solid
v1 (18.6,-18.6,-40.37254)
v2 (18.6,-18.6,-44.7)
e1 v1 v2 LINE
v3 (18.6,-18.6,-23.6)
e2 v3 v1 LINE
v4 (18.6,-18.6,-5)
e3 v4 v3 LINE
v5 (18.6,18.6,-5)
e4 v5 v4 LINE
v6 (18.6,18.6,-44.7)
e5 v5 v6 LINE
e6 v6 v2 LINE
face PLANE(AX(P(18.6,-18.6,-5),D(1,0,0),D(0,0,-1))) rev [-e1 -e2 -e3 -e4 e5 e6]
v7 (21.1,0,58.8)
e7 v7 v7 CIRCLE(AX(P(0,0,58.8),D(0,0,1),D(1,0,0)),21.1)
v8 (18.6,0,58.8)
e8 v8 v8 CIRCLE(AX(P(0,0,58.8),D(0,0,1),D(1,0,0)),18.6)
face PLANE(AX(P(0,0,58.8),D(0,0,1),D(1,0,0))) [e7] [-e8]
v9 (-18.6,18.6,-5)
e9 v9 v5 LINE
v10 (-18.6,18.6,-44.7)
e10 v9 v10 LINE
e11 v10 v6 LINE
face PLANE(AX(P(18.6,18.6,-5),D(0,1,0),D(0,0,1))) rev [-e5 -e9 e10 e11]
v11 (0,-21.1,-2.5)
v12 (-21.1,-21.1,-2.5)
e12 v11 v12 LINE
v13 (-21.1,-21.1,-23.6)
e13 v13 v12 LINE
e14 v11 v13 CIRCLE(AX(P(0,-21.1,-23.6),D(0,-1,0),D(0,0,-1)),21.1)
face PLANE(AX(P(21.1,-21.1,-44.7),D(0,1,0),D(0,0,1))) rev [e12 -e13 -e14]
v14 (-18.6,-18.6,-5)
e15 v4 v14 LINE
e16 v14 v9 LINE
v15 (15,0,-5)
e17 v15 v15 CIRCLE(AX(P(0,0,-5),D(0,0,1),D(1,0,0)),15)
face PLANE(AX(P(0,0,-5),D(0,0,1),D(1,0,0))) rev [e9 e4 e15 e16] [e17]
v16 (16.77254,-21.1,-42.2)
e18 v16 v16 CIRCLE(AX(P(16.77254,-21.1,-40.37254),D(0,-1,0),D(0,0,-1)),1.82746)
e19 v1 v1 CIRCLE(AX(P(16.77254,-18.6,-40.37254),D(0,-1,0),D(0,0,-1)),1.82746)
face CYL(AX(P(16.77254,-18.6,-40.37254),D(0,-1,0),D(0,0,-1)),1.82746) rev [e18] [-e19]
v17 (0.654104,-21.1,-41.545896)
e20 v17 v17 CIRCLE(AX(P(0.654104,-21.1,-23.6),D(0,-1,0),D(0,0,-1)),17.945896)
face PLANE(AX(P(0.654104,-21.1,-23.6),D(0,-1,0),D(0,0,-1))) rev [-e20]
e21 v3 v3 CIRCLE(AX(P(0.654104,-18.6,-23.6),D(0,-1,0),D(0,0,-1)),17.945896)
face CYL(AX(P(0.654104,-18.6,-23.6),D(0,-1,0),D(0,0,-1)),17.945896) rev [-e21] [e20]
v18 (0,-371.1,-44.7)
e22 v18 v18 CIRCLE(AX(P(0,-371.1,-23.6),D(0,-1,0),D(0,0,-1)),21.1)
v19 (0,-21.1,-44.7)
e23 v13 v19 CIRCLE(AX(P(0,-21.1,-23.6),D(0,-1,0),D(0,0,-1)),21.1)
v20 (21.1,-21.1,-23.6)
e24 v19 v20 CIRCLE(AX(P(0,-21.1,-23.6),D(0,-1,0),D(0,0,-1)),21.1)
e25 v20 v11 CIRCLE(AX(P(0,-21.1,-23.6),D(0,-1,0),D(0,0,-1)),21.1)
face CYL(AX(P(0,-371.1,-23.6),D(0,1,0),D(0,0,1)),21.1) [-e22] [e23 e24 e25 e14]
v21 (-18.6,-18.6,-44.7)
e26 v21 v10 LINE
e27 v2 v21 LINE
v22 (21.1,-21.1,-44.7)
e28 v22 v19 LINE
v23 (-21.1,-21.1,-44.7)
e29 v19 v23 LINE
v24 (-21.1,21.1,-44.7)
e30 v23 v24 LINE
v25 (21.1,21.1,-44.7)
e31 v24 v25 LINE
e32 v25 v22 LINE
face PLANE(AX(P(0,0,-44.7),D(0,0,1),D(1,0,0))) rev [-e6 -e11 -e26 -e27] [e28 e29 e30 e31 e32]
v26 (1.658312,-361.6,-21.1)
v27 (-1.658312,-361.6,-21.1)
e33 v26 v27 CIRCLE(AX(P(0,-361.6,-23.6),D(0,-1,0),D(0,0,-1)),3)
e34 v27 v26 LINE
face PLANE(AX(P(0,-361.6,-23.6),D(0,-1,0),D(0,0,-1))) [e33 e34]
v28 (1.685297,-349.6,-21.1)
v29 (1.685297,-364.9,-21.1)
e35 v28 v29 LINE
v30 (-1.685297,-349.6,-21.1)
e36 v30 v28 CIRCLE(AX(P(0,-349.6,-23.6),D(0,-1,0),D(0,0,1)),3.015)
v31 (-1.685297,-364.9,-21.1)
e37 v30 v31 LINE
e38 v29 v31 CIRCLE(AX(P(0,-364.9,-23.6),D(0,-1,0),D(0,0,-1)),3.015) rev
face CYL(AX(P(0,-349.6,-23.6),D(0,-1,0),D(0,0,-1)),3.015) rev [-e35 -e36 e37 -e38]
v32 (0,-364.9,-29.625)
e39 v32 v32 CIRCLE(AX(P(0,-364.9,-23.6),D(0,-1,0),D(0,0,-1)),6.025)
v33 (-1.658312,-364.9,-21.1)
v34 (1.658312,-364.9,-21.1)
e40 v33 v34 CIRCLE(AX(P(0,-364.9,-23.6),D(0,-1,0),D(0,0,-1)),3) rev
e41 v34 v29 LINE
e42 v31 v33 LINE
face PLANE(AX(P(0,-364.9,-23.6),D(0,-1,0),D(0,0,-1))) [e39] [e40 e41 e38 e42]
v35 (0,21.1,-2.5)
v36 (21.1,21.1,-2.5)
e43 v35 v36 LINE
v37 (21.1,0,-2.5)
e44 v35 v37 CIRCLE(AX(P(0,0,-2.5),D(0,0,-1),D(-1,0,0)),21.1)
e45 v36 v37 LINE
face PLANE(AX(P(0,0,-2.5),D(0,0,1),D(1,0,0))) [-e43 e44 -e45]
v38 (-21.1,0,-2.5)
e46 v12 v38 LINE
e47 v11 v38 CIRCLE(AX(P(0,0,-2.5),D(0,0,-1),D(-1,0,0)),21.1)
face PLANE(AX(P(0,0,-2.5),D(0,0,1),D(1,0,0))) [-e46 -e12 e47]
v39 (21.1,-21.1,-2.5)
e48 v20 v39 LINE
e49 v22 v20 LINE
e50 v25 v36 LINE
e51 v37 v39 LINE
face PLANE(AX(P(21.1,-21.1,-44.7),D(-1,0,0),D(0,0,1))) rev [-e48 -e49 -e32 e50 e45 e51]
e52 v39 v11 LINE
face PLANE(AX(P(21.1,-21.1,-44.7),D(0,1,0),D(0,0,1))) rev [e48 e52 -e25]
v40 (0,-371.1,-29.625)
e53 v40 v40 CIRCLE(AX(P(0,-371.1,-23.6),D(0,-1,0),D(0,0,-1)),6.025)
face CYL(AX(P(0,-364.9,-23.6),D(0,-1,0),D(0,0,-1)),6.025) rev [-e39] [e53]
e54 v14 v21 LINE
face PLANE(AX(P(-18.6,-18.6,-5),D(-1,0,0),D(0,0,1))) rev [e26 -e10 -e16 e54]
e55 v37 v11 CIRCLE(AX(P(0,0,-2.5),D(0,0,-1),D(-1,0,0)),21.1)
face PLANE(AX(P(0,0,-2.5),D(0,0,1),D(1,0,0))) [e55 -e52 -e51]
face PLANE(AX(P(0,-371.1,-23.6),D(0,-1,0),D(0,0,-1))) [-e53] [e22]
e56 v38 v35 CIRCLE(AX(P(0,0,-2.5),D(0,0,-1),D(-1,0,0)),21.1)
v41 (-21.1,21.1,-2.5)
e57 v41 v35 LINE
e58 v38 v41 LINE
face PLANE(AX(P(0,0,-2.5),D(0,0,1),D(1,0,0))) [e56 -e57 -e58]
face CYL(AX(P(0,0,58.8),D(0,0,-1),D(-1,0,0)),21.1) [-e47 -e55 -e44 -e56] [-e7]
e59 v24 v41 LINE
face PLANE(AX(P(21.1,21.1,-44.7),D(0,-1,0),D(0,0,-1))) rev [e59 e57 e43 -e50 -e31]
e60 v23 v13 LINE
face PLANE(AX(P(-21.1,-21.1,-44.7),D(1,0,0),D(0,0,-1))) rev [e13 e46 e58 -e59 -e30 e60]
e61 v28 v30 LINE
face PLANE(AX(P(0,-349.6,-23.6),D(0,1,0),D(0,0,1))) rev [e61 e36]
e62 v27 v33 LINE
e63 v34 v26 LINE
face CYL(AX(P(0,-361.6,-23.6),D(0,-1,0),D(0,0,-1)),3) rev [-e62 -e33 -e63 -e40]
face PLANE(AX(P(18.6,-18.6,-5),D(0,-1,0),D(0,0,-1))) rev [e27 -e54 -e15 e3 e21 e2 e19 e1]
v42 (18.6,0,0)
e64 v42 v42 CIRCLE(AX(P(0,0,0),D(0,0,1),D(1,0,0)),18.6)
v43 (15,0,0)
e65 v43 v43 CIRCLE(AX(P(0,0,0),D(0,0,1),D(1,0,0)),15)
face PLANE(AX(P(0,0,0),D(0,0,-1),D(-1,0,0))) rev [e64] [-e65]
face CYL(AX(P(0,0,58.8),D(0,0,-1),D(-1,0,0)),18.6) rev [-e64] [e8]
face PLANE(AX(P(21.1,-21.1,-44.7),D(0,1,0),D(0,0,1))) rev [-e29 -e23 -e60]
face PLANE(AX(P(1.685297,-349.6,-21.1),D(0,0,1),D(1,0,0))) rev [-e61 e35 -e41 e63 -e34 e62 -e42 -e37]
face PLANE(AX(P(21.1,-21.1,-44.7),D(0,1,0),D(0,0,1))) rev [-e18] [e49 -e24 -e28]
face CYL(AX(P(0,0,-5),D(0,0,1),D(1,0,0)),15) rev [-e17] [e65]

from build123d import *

# Parameters (mm, degrees)
SKETCH1_R           = 21.1
SKETCH1_R_2         = 18.6
BOSS_EXTRUDE4_DEPTH = 58.8
SKETCH4_R           = 21.1
BOSS_EXTRUDE5_DEPTH = 2.5
SKETCH12_W          = 42.2
SKETCH12_H          = 42.2
BOSS_EXTRUDE6_DEPTH = 42.2
SKETCH13_R          = 21.1
BOSS_EXTRUDE7_DEPTH = 350
CUT_EXTRUDE1_DEPTH  = 21.5
SKETCH15_R          = 3
CUT_EXTRUDE2_DEPTH  = 9.5
SKETCH16_R          = 6.025
CUT_EXTRUDE3_DEPTH  = 6.2
SKETCH17_W          = 37.2
SKETCH17_H          = 37.2
CUT_EXTRUDE4_DEPTH  = 39.7
SKETCH18_R          = 15
CUT_EXTRUDE5_DEPTH  = 5
SKETCH19_R          = 1.827460326
CUT_EXTRUDE6_DEPTH  = 2.5
SKETCH23_R          = 17.945895708
CUT_EXTRUDE7_DEPTH  = 2.5


with BuildPart() as part:
    # Sketch1 → Boss-Extrude4 (new body)
    with BuildSketch(Plane.XY):
        Circle(SKETCH1_R)
        Circle(SKETCH1_R_2, mode=Mode.SUBTRACT)
    extrude(amount=BOSS_EXTRUDE4_DEPTH)

    # Sketch4 → Boss-Extrude5 (add)
    with BuildSketch(Plane(origin=(0, 0, 0), x_dir=(-1, 0, 0), z_dir=(0, 0, -1))):
        Circle(SKETCH4_R)
    extrude(amount=BOSS_EXTRUDE5_DEPTH)

    # Sketch12 → Boss-Extrude6 (add)
    with BuildSketch(Plane(origin=(0, 0, -2.5), x_dir=(-1, 0, 0), z_dir=(0, 0, -1))):
        Rectangle(SKETCH12_W, SKETCH12_H)
    extrude(amount=BOSS_EXTRUDE6_DEPTH)

    # Sketch13 → Boss-Extrude7 (add)
    with BuildSketch(Plane(origin=(0, -21.1, 0), x_dir=(-1, 0, 0), z_dir=(0, -1, 0))):
        with Locations((0, 23.6)):
            Circle(SKETCH13_R)
    extrude(amount=BOSS_EXTRUDE7_DEPTH)

    # Sketch14 → Cut-Extrude1 (cut)
    with BuildSketch(Plane(origin=(0, -371.1, 0), x_dir=(-1, 0, 0), z_dir=(0, -1, 0))):
        with BuildLine():
            Line((-1.68529671, 21.1), (1.68529671, 21.1))
            ThreePointArc((1.68529671, 21.1), (0, 26.615), (-1.68529671, 21.1))
        make_face()
    extrude(amount=-CUT_EXTRUDE1_DEPTH, mode=Mode.SUBTRACT)

    # Sketch15 → Cut-Extrude2 (cut)
    with BuildSketch(Plane(origin=(0, -371.1, 0), x_dir=(-1, 0, 0), z_dir=(0, -1, 0))):
        with Locations((0, 23.6)):
            Circle(SKETCH15_R)
    extrude(amount=-CUT_EXTRUDE2_DEPTH, mode=Mode.SUBTRACT)

    # Sketch16 → Cut-Extrude3 (cut)
    with BuildSketch(Plane(origin=(0, -371.1, 0), x_dir=(-1, 0, 0), z_dir=(0, -1, 0))):
        with Locations((0, 23.6)):
            Circle(SKETCH16_R)
    extrude(amount=-CUT_EXTRUDE3_DEPTH, mode=Mode.SUBTRACT)

    # Sketch17 → Cut-Extrude4 (cut)
    with BuildSketch(Plane(origin=(0, 0, -44.7), x_dir=(-1, 0, 0), z_dir=(0, 0, -1))):
        Rectangle(SKETCH17_W, SKETCH17_H)
    extrude(amount=-CUT_EXTRUDE4_DEPTH, mode=Mode.SUBTRACT)

    # Sketch18 → Cut-Extrude5 (cut)
    with BuildSketch(Plane.XY):
        Circle(SKETCH18_R)
    extrude(amount=-CUT_EXTRUDE5_DEPTH, mode=Mode.SUBTRACT)

    # Sketch19 → Cut-Extrude6 (cut)
    with BuildSketch(Plane(origin=(0, -21.1, 0), x_dir=(-1, 0, 0), z_dir=(0, -1, 0))):
        with Locations((-16.772539674, 40.372539674)):
            Circle(SKETCH19_R)
    extrude(amount=-CUT_EXTRUDE6_DEPTH, mode=Mode.SUBTRACT)

    # Sketch23 → Cut-Extrude7 (cut)
    with BuildSketch(Plane(origin=(0, -21.1, 0), x_dir=(-1, 0, 0), z_dir=(0, -1, 0))):
        with Locations((-0.654104292, 23.6)):
            Circle(SKETCH23_R)
    extrude(amount=-CUT_EXTRUDE7_DEPTH, mode=Mode.SUBTRACT)


solid = part.part
